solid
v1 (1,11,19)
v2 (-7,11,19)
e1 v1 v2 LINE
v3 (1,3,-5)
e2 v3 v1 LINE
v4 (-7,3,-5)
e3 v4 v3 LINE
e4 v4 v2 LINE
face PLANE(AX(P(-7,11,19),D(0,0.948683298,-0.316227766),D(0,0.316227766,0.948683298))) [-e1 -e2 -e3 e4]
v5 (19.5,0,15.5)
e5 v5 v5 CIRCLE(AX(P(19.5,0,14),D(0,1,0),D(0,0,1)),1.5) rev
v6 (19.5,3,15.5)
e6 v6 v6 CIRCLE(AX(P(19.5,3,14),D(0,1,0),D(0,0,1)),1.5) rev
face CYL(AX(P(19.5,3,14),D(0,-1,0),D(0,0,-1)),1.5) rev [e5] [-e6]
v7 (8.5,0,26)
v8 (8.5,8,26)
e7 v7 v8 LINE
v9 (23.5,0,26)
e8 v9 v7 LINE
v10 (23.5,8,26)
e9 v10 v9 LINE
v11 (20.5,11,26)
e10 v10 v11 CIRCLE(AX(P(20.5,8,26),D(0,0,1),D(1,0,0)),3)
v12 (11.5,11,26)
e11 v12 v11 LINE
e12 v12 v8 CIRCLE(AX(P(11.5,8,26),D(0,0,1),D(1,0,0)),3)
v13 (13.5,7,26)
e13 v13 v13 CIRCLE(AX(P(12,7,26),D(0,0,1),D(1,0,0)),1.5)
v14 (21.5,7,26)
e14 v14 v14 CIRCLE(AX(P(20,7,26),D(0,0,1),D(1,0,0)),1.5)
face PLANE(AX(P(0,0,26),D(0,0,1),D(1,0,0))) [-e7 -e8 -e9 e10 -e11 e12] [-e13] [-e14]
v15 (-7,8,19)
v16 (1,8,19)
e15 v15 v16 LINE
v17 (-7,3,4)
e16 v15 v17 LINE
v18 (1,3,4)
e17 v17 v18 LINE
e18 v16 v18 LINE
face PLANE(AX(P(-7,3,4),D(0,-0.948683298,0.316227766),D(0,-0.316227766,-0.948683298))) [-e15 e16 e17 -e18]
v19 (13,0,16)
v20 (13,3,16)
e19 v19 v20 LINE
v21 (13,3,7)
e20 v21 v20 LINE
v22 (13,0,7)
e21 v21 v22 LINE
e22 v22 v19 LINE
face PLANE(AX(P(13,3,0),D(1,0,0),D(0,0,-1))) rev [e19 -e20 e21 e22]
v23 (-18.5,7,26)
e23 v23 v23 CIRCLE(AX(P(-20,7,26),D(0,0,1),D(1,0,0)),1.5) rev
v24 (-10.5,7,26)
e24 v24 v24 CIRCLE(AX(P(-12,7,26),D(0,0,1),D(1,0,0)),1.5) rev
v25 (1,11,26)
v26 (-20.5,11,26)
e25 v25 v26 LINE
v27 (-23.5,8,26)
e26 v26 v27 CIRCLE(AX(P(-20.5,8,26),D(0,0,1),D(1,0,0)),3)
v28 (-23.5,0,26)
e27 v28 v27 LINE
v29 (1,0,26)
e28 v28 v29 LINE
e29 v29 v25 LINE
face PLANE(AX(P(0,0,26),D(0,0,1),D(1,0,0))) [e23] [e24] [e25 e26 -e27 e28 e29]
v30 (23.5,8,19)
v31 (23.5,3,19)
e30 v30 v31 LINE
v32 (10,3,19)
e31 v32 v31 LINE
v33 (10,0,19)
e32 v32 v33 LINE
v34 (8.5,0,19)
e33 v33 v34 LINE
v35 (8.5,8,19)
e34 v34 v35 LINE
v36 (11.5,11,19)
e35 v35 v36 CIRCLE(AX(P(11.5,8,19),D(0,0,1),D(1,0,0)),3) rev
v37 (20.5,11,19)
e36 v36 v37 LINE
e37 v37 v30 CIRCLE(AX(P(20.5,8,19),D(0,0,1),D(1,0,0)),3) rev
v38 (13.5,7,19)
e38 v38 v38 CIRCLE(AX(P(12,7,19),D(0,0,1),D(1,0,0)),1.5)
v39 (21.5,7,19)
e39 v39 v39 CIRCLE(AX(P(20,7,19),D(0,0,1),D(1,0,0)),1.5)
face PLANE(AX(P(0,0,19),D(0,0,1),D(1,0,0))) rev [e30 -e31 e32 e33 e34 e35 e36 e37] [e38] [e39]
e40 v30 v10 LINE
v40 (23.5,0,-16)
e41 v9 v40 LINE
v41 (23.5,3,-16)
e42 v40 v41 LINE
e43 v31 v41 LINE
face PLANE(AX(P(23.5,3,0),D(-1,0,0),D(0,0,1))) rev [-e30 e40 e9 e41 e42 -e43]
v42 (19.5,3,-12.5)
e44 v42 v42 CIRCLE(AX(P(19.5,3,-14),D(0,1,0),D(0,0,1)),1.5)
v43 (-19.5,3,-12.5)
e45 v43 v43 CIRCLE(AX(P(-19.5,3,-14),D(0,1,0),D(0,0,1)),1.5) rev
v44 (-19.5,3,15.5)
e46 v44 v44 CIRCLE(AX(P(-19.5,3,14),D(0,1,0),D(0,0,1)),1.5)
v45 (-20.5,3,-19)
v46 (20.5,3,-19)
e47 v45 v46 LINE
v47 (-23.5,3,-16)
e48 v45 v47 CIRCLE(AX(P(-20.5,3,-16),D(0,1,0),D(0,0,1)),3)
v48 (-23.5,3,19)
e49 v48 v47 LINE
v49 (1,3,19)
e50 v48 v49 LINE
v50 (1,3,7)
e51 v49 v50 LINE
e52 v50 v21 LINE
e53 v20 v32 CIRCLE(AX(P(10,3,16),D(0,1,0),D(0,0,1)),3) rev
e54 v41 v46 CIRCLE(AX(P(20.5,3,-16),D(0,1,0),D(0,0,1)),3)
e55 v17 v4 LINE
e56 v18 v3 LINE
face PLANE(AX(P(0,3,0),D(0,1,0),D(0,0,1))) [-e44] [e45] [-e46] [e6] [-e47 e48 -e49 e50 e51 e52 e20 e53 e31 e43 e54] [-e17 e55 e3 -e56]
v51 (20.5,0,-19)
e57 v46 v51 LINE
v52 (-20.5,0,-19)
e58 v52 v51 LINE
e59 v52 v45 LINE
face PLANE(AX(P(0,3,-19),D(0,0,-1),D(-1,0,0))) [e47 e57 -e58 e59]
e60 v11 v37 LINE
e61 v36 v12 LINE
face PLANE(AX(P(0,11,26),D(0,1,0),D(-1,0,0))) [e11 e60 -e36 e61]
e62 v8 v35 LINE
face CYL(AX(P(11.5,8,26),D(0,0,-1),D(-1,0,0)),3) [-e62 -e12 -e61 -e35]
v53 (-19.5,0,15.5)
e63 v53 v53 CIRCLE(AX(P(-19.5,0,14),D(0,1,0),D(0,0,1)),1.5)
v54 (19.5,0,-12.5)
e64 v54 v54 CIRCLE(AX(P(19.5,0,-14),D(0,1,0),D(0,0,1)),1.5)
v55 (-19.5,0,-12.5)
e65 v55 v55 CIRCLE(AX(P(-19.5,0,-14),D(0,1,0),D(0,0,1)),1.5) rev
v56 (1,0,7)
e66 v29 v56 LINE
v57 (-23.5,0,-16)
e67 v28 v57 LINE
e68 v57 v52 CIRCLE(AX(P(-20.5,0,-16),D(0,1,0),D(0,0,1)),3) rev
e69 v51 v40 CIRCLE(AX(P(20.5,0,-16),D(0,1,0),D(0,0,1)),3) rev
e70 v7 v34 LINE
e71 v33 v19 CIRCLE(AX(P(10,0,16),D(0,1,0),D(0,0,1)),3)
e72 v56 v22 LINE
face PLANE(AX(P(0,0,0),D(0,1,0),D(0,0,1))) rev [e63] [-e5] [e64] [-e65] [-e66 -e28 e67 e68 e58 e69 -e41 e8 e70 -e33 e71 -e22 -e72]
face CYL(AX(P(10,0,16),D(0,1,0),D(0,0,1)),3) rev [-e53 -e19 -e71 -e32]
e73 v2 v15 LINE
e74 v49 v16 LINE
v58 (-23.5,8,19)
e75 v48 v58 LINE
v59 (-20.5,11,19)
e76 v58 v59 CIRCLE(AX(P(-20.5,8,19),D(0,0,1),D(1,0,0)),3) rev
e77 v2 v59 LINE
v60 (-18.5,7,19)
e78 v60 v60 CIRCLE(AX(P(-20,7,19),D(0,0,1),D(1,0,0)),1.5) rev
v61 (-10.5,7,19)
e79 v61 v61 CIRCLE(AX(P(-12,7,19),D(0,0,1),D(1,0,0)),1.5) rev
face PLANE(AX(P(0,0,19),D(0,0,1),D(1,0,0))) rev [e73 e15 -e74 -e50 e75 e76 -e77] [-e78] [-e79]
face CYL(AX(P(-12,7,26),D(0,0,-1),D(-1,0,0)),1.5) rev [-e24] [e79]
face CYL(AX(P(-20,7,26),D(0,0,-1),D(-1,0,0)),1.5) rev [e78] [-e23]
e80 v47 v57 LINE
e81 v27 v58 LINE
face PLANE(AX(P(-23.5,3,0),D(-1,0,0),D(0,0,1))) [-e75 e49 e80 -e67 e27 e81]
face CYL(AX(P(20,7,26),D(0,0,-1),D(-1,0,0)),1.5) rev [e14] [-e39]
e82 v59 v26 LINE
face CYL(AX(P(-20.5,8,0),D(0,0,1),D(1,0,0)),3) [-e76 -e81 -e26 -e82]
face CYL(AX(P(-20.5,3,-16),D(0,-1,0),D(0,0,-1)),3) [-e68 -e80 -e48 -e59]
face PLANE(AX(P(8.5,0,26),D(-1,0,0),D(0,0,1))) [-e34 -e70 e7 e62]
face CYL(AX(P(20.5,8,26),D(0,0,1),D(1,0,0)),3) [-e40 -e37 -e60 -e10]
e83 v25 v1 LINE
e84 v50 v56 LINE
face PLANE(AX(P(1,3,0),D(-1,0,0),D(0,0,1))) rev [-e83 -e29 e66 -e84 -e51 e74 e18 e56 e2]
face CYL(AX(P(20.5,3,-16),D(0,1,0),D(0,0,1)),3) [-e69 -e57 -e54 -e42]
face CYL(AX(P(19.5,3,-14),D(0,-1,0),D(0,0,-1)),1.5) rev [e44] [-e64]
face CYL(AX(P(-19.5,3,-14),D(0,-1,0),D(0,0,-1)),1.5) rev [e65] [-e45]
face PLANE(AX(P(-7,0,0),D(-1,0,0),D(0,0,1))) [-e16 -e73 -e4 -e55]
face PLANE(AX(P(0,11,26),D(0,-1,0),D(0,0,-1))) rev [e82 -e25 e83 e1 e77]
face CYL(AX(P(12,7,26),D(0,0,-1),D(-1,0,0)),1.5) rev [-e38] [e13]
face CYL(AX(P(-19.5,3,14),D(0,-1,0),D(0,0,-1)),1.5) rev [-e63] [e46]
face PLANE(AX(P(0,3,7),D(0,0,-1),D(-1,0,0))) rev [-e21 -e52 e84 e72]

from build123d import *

# Parameters (mm, degrees)
SKETCH_1_R      = 1.5
EXTRUDE_1_DEPTH = 3
SKETCH_2_W      = 23.5
SKETCH_2_H      = 11
SKETCH_2_R      = 1.5
SKETCH_2_W_2    = 1
SKETCH_2_W_3    = 15
EXTRUDE_2_DEPTH = 7
FILLET_2_R      = 3
EXTRUDE_3_DEPTH = 8
FILLET_3_R      = 3
FILLET_4_R      = 3


with BuildPart() as part:
    # 草图1 → 凸台-拉伸1 (new body)
    with BuildSketch(Plane(origin=(0, 0, 0), x_dir=(1, 0, 0), z_dir=(0, 1, 0))):
        Polygon((-23.5, 19), (-23.5, -19), (1, -19), (1, -7), (13, -7), (13, -19), (23.5, -19), (23.5, 19), align=None)
        with Locations(Location((-19.5, -14, 0), (0, 0, 270))):
            Circle(SKETCH_1_R, mode=Mode.SUBTRACT)
        with Locations(Location((19.5, -14, 0), (0, 0, 270))):
            Circle(SKETCH_1_R, mode=Mode.SUBTRACT)
        with Locations(Location((-19.5, 14, 0), (0, 0, 270))):
            Circle(SKETCH_1_R, mode=Mode.SUBTRACT)
        with Locations(Location((19.5, 14, 0), (0, 0, 270))):
            Circle(SKETCH_1_R, mode=Mode.SUBTRACT)
    extrude(amount=EXTRUDE_1_DEPTH)

    # 草图2 → 凸台-拉伸2 (add)
    # profile 1 of 3: a face of its own
    with BuildSketch(Plane.XY.offset(19)):
        with Locations((-11.75, 5.5)):
            Rectangle(SKETCH_2_W, SKETCH_2_H)
        with Locations((-20, 7)):
            Circle(SKETCH_2_R, mode=Mode.SUBTRACT)
        with Locations((-12, 7)):
            Circle(SKETCH_2_R, mode=Mode.SUBTRACT)
    # profile 2 of 3: a face of its own
    with BuildSketch(Plane.XY.offset(19)):
        with Locations((0.5, 5.5)):
            Rectangle(SKETCH_2_W_2, SKETCH_2_H)
    # profile 3 of 3: a face of its own
    with BuildSketch(Plane.XY.offset(19)):
        with Locations((16, 5.5)):
            Rectangle(SKETCH_2_W_3, SKETCH_2_H)
        with Locations((12, 7)):
            Circle(SKETCH_2_R, mode=Mode.SUBTRACT)
        with Locations((20, 7)):
            Circle(SKETCH_2_R, mode=Mode.SUBTRACT)
    extrude(amount=EXTRUDE_2_DEPTH)

    # 圆角2
    fillet_2_edges = [part.edges().sort_by_distance(p)[0] for p in [
        (-23.5, 1.5, -19),
        (23.5, 1.5, -19),
    ]]
    fillet(fillet_2_edges, radius=FILLET_2_R)

    # 草图3 → 凸台-拉伸3 (add)
    with BuildSketch(Plane(origin=(1, 0, 0), x_dir=(0, 0, -1), z_dir=(1, 0, 0))):
        Polygon((-19, 11), (-19, 8), (-4, 3), (5, 3), align=None)
    extrude(amount=-EXTRUDE_3_DEPTH)

    # 圆角3
    fillet_3_edges = [part.edges().sort_by_distance(p)[0] for p in [
        (13, 1.5, 19),
    ]]
    fillet(fillet_3_edges, radius=FILLET_3_R)

    # 圆角4
    fillet_4_edges = [part.edges().sort_by_distance(p)[0] for p in [
        (-23.5, 11, 22.5),
        (23.5, 11, 22.5),
        (8.5, 11, 22.5),
    ]]
    fillet(fillet_4_edges, radius=FILLET_4_R)


solid = part.part
